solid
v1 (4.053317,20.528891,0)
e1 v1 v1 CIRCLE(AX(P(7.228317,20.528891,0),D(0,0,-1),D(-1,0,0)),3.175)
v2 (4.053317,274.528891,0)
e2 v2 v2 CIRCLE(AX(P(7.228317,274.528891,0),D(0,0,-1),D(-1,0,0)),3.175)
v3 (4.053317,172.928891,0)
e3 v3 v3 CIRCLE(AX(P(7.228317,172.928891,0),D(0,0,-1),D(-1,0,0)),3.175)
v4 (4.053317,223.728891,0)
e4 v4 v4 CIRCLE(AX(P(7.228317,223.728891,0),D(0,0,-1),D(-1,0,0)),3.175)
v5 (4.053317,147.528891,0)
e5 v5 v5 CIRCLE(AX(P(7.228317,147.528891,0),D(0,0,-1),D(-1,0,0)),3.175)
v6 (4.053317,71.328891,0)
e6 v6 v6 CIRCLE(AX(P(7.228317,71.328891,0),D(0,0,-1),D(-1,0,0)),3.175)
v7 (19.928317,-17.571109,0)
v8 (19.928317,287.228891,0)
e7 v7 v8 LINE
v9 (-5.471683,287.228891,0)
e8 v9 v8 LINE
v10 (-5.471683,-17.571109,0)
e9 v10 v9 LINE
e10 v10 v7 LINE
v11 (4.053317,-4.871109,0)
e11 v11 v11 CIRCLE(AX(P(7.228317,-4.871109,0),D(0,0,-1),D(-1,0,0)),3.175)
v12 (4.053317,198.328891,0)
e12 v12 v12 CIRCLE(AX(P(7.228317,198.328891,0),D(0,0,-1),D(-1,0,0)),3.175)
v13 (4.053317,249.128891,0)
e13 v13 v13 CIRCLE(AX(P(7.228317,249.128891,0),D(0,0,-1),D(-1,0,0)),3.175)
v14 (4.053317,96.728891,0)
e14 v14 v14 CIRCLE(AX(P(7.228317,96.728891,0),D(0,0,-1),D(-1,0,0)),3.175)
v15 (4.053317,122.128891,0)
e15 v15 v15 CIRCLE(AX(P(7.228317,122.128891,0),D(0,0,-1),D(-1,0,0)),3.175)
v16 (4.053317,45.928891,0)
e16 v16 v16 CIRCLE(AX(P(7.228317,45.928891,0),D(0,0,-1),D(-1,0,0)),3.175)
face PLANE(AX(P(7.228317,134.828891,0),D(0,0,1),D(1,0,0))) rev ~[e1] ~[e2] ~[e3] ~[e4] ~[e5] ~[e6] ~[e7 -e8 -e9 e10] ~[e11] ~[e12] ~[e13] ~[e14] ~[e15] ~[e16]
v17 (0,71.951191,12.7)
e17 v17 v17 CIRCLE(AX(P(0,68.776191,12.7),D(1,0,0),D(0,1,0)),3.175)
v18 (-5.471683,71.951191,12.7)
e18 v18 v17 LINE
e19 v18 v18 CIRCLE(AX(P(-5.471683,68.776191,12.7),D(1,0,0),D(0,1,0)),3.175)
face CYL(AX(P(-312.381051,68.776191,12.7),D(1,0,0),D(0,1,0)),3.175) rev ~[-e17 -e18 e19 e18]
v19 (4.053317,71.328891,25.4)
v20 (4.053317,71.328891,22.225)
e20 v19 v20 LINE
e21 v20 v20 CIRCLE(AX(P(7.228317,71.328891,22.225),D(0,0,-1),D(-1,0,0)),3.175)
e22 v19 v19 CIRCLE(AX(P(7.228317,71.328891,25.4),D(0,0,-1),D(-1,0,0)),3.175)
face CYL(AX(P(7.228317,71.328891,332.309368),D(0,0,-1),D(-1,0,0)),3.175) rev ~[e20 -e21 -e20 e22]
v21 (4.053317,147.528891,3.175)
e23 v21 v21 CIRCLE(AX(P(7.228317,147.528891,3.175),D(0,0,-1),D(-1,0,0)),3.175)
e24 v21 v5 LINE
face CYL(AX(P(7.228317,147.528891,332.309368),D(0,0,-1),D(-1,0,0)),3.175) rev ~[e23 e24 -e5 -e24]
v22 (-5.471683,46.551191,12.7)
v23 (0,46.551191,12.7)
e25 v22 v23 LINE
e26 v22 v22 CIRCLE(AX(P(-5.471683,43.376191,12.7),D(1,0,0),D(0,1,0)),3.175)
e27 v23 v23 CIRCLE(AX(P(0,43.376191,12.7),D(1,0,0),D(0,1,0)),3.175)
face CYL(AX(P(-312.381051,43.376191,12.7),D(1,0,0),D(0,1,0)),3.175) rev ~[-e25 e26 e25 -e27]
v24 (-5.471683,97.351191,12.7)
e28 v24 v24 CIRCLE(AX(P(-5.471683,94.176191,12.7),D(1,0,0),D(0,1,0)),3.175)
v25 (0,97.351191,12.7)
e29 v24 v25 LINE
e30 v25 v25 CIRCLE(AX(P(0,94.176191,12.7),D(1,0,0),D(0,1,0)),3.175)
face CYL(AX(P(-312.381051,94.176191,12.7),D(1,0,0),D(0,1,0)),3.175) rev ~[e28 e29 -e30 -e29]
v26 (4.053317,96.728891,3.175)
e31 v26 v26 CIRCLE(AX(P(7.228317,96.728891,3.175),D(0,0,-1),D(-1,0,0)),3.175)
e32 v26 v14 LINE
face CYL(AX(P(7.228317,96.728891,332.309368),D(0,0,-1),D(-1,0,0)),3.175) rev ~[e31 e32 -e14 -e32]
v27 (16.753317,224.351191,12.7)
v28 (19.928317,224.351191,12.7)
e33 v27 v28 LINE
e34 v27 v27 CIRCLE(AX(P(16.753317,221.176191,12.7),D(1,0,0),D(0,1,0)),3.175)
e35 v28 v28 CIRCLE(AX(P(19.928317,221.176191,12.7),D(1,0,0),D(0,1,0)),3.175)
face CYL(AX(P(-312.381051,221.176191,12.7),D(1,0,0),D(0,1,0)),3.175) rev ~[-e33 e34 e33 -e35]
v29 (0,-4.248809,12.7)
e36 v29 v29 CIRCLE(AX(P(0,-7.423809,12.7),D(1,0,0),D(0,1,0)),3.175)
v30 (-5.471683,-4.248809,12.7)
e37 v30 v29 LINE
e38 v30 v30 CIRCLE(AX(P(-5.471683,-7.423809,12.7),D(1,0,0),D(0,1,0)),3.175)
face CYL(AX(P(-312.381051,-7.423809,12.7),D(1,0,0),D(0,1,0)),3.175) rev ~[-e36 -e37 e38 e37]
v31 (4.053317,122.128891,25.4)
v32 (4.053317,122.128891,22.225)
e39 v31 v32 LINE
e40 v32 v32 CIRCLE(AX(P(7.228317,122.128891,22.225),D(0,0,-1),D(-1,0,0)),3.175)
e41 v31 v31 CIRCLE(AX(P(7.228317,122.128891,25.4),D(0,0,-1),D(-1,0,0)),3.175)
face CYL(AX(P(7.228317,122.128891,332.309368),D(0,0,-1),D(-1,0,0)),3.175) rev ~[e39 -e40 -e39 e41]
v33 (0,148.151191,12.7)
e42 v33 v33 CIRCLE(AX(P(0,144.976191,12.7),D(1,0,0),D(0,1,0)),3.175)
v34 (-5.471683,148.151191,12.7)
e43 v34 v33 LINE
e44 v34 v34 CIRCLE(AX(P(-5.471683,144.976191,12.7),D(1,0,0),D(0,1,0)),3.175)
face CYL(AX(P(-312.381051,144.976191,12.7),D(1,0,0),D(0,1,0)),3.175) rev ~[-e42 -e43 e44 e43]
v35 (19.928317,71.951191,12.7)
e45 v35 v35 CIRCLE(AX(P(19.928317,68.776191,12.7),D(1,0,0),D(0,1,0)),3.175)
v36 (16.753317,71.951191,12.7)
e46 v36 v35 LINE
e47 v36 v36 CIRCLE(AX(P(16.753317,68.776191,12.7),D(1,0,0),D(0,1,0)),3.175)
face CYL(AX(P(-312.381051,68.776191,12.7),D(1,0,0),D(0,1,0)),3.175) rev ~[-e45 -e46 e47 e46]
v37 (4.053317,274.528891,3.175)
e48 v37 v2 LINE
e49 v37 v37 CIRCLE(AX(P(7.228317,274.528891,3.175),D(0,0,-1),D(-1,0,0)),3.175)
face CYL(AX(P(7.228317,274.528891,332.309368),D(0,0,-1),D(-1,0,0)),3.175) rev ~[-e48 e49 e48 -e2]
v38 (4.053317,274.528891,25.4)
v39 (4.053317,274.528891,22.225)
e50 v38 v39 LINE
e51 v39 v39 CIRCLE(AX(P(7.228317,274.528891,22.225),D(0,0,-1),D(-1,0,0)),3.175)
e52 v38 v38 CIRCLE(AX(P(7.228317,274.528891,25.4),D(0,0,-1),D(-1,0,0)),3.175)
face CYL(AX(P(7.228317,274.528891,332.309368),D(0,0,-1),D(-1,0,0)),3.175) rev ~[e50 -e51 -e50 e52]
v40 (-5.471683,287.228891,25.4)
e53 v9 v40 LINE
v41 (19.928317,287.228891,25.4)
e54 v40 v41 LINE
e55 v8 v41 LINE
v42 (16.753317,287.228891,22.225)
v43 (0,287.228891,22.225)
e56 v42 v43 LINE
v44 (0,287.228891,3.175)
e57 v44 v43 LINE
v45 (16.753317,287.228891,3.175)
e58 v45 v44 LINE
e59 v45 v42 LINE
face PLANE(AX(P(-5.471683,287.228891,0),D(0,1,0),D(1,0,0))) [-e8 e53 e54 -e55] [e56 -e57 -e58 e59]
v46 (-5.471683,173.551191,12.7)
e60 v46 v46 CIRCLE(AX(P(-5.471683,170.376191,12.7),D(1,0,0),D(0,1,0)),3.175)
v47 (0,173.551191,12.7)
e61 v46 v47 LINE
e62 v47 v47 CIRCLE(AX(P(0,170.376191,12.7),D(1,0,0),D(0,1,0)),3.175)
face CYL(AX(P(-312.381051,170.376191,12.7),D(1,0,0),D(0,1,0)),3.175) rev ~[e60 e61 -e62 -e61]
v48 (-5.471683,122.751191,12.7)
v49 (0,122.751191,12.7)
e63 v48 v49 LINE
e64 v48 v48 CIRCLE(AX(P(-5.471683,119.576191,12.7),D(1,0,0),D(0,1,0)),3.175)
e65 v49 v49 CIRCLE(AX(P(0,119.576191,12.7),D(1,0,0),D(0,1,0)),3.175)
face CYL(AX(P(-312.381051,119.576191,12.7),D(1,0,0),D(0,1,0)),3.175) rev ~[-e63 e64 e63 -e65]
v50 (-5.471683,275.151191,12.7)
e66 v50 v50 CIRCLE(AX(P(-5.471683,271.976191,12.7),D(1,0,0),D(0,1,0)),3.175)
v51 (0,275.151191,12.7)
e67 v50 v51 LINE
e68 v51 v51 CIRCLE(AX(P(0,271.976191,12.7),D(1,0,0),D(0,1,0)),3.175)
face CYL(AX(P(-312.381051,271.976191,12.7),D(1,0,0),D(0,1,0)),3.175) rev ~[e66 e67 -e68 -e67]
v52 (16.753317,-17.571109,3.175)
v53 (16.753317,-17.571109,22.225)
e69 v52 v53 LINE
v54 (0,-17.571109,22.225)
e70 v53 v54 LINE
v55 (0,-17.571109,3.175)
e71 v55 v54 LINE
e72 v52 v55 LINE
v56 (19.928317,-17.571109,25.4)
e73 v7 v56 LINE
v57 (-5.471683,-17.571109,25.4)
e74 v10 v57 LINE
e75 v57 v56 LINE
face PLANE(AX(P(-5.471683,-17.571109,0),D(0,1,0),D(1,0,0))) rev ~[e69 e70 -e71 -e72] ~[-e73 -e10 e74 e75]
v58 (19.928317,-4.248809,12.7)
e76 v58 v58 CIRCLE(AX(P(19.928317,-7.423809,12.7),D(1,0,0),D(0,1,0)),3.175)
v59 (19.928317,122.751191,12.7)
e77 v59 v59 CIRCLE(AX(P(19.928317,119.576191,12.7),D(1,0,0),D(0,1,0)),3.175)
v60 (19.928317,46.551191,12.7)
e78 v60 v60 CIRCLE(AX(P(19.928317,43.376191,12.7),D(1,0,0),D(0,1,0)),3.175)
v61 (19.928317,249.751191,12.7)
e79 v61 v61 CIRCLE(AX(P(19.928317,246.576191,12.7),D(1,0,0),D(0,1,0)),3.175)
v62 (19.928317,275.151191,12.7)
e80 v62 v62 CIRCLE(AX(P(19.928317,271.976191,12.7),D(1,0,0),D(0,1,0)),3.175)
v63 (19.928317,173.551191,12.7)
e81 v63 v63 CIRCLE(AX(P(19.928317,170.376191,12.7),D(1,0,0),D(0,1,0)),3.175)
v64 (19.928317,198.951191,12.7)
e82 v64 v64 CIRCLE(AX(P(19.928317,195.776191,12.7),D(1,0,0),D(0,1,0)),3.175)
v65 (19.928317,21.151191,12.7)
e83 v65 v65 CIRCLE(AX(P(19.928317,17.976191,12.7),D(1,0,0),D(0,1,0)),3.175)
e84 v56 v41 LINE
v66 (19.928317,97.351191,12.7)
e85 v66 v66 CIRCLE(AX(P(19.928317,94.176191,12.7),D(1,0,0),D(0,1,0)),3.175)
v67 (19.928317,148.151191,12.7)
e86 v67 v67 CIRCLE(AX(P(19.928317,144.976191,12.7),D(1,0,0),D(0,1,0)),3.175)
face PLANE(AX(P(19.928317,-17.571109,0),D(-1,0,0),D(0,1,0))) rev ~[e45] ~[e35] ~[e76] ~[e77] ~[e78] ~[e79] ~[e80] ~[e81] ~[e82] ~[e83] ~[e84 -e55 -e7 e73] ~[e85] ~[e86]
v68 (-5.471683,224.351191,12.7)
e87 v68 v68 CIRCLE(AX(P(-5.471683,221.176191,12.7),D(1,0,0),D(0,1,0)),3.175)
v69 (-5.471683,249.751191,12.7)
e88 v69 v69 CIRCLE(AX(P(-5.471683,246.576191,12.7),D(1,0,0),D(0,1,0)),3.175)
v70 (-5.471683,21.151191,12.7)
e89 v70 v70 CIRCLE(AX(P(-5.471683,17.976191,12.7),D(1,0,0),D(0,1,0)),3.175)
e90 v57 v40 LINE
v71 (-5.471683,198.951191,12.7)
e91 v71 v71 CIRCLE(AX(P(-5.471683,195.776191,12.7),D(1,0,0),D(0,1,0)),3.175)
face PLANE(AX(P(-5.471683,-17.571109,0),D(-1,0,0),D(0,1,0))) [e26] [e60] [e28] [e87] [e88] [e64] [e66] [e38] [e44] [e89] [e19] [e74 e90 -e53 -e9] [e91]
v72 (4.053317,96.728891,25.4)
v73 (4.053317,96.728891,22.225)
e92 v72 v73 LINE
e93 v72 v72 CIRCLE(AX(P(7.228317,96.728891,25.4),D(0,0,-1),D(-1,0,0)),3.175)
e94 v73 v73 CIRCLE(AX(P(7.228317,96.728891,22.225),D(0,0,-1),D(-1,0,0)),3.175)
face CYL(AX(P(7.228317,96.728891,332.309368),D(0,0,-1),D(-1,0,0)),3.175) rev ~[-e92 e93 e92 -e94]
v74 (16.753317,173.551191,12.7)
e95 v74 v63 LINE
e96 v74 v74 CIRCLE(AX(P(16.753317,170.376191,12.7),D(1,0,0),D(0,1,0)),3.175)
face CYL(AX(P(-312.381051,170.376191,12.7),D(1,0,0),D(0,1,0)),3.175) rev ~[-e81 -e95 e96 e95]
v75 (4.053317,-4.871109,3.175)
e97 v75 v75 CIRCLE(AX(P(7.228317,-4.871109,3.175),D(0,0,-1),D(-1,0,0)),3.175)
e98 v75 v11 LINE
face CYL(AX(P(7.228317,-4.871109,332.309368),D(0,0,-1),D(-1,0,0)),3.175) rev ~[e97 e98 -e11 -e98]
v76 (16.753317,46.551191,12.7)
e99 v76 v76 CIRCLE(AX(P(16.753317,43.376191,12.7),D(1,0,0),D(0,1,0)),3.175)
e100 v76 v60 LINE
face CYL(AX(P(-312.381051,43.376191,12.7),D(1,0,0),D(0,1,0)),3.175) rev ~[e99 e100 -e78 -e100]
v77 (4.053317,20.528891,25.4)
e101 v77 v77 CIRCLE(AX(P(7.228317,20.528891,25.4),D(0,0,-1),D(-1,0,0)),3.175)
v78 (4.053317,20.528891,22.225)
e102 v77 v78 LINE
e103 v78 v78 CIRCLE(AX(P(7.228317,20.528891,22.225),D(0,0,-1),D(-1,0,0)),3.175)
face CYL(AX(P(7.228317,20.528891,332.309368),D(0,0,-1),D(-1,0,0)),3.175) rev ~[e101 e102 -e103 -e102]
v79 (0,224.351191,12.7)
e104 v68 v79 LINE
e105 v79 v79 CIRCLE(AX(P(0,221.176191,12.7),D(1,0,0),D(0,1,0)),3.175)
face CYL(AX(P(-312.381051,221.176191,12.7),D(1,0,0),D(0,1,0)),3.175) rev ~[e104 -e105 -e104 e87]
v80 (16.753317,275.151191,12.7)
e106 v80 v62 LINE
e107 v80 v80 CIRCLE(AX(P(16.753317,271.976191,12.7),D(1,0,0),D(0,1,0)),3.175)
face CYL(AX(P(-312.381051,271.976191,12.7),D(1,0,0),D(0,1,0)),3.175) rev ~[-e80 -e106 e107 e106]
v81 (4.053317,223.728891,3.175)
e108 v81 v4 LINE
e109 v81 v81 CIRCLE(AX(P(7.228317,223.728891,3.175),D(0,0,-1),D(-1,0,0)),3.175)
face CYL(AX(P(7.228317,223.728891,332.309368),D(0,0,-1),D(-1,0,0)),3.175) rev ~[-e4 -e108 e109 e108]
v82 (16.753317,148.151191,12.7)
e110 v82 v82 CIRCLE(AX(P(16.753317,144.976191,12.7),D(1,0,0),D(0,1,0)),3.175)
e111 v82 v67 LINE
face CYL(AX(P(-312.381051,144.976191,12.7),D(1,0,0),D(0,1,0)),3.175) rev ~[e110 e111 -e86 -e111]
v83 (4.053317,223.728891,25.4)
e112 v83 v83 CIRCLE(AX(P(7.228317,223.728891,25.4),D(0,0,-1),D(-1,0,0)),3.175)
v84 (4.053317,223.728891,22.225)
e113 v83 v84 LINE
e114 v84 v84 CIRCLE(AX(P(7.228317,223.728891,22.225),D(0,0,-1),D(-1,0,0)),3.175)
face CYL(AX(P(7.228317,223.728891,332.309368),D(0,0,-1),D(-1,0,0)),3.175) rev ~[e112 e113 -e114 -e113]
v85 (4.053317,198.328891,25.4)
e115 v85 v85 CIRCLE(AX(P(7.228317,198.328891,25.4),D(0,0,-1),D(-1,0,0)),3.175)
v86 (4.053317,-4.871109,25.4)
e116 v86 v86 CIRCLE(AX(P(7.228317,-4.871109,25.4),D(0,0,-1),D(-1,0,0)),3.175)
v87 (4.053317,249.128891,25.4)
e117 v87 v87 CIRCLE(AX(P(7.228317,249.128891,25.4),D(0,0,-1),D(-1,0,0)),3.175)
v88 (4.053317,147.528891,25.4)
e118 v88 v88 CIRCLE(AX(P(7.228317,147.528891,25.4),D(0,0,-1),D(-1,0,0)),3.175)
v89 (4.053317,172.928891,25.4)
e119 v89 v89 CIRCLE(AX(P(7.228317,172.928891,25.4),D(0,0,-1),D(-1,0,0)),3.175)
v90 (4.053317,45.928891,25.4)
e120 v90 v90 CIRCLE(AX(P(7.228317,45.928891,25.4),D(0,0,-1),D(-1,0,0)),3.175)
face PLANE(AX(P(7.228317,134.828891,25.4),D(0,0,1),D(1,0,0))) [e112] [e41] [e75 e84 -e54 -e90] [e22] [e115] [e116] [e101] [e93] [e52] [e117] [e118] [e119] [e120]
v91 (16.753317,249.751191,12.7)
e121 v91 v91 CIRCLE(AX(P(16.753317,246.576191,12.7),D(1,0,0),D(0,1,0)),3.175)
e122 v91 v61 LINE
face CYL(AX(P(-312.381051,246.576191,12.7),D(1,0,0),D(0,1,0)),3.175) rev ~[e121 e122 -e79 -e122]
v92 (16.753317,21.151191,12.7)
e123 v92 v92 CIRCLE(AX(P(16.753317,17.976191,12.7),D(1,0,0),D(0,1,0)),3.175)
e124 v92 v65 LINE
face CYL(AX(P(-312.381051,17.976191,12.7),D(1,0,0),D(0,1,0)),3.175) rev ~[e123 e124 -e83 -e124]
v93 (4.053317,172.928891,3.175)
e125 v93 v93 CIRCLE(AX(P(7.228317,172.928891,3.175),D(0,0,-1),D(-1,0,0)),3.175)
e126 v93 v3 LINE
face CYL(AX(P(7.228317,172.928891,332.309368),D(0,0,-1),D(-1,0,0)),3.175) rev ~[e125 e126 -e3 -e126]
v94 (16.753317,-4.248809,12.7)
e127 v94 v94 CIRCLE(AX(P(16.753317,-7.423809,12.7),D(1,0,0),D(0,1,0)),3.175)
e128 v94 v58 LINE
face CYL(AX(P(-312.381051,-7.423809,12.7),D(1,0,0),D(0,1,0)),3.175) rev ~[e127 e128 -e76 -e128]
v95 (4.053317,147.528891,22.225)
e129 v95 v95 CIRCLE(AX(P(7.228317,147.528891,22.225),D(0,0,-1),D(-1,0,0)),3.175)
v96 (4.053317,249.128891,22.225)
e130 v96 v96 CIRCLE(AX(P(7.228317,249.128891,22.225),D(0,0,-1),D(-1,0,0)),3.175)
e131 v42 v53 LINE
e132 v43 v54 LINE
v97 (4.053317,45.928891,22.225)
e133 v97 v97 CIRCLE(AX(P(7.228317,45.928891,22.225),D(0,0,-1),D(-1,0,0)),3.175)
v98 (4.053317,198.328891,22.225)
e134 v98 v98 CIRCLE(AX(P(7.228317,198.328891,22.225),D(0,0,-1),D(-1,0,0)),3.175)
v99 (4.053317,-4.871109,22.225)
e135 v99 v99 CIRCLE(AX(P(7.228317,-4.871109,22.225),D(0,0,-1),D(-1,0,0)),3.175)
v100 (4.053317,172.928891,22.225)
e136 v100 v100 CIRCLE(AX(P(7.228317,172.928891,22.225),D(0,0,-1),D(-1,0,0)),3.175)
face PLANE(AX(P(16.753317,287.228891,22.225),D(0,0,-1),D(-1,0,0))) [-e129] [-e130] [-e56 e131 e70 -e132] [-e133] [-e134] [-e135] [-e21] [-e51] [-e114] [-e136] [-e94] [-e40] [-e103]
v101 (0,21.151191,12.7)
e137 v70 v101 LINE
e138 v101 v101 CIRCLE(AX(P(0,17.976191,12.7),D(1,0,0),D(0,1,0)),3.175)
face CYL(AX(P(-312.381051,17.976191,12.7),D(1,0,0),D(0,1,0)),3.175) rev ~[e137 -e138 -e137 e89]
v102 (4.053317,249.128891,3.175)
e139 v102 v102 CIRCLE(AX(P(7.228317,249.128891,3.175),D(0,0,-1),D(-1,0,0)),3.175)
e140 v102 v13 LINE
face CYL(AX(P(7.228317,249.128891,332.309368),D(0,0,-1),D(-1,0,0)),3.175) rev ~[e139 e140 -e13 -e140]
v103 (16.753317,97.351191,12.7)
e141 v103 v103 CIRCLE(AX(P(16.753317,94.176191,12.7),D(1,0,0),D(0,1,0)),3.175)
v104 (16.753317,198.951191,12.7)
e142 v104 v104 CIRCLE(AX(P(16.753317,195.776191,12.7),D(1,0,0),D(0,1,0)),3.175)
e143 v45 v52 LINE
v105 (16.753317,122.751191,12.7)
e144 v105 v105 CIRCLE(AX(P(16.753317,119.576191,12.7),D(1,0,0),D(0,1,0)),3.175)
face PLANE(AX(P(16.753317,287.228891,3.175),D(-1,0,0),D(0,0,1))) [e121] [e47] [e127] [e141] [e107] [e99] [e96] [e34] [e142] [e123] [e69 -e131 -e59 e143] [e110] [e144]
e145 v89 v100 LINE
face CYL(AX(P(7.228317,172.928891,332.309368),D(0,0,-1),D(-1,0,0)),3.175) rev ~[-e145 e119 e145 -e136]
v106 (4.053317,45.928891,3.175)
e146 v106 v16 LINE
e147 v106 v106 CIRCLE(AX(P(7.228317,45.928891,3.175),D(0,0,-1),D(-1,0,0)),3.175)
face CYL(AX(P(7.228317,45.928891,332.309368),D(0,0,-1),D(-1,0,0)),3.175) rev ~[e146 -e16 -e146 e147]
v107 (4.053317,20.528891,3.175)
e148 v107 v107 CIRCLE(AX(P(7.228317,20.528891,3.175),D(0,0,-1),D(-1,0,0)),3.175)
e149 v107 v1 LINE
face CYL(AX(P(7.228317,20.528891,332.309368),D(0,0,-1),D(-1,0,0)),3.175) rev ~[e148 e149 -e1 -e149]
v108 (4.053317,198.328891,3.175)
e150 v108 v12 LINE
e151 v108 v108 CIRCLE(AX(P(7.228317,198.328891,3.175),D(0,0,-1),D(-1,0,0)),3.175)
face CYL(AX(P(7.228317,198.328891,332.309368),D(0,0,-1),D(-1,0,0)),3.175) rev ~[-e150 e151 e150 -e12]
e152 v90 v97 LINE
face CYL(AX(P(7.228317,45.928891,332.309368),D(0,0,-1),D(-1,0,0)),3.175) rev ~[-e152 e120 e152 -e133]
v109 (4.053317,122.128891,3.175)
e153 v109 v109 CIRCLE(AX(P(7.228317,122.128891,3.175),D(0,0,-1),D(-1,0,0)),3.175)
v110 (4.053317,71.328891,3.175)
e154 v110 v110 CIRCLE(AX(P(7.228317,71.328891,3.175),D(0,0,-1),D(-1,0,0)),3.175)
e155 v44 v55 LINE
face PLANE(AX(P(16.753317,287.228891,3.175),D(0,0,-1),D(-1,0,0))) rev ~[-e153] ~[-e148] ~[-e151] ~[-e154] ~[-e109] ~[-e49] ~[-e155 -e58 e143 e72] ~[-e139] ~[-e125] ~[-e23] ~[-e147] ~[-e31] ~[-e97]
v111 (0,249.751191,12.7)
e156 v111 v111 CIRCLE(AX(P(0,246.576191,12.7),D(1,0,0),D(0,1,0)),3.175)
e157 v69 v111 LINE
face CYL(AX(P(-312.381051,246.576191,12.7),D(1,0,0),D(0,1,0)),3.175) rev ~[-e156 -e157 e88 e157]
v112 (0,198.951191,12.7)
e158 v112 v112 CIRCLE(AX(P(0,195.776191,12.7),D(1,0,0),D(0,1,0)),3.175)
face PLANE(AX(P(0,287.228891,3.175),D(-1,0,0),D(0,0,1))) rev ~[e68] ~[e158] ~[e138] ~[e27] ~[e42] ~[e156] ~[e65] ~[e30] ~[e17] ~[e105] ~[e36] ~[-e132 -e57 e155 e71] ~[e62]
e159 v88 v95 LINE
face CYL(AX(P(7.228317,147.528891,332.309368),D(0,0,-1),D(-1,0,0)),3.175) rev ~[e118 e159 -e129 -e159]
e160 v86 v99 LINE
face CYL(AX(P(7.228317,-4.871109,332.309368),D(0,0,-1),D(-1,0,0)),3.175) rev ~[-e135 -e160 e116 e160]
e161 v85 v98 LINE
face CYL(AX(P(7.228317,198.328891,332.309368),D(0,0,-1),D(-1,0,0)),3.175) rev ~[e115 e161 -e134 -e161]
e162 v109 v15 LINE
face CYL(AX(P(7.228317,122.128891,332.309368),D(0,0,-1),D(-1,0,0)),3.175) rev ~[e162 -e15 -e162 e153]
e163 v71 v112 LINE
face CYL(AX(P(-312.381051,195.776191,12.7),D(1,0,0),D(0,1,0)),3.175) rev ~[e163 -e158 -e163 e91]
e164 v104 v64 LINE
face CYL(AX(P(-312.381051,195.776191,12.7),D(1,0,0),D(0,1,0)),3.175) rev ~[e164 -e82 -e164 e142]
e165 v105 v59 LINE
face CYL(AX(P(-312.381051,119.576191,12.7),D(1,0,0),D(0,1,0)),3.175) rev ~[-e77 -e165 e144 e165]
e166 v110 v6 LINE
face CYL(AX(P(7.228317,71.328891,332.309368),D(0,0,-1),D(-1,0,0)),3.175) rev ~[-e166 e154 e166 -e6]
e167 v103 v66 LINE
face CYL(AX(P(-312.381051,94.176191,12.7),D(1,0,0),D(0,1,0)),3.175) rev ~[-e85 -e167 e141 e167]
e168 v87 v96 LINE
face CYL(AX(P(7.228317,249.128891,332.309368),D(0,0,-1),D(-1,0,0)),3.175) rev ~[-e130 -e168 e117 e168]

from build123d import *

# Parameters (mm, degrees)
F0_W     = 25.4
F0_H     = 304.8
F1_DEPTH = 25.4
F2_W     = 16.753317
F2_H     = 19.05
F3_DEPTH = 304.8
F5_D     = 6.35
F7_D     = 6.35


with BuildPart() as f1:
    # F0 (on Top) → F1 (new body)
    with BuildSketch(Plane.XY):
        with Locations((7.228317, 134.828891)):
            Rectangle(F0_W, F0_H)
    extrude(amount=F1_DEPTH)

    # F2 (on face) → F3 (cut)
    with BuildSketch(Plane(origin=(0, 287.228891, 0), x_dir=(-1, 0, 0), z_dir=(0, 1, 0))):
        with Locations((-8.376658, 12.7)):
            Rectangle(F2_W, F2_H)
    extrude(amount=-F3_DEPTH, mode=Mode.SUBTRACT)

    # F5 (through all)
    with Locations(Plane(origin=(-5.471683, 0, 0), x_dir=(0, -1, 0), z_dir=(-1, 0, 0))):
        with Locations((-271.976191, 12.7), (-17.976191, 12.7), (-43.376191, 12.7), (-68.776191, 12.7), (-94.176191, 12.7), (-119.576191, 12.7), (-144.976191, 12.7), (-170.376191, 12.7), (-195.776191, 12.7), (-221.176191, 12.7), (-246.576191, 12.7), (7.423809, 12.7)):
            Hole(F5_D / 2)

    # F7 (through all)
    with Locations(Plane.XY.offset(25.4)):
        with Locations((7.228317, 45.928891), (7.228317, 20.528891), (7.228317, -4.871109), (7.228317, 147.528891), (7.228317, 172.928891), (7.228317, 96.728891), (7.228317, 122.128891), (7.228317, 71.328891), (7.228317, 249.128891), (7.228317, 274.528891), (7.228317, 223.728891), (7.228317, 198.328891)):
            Hole(F7_D / 2)


solid = f1.part
